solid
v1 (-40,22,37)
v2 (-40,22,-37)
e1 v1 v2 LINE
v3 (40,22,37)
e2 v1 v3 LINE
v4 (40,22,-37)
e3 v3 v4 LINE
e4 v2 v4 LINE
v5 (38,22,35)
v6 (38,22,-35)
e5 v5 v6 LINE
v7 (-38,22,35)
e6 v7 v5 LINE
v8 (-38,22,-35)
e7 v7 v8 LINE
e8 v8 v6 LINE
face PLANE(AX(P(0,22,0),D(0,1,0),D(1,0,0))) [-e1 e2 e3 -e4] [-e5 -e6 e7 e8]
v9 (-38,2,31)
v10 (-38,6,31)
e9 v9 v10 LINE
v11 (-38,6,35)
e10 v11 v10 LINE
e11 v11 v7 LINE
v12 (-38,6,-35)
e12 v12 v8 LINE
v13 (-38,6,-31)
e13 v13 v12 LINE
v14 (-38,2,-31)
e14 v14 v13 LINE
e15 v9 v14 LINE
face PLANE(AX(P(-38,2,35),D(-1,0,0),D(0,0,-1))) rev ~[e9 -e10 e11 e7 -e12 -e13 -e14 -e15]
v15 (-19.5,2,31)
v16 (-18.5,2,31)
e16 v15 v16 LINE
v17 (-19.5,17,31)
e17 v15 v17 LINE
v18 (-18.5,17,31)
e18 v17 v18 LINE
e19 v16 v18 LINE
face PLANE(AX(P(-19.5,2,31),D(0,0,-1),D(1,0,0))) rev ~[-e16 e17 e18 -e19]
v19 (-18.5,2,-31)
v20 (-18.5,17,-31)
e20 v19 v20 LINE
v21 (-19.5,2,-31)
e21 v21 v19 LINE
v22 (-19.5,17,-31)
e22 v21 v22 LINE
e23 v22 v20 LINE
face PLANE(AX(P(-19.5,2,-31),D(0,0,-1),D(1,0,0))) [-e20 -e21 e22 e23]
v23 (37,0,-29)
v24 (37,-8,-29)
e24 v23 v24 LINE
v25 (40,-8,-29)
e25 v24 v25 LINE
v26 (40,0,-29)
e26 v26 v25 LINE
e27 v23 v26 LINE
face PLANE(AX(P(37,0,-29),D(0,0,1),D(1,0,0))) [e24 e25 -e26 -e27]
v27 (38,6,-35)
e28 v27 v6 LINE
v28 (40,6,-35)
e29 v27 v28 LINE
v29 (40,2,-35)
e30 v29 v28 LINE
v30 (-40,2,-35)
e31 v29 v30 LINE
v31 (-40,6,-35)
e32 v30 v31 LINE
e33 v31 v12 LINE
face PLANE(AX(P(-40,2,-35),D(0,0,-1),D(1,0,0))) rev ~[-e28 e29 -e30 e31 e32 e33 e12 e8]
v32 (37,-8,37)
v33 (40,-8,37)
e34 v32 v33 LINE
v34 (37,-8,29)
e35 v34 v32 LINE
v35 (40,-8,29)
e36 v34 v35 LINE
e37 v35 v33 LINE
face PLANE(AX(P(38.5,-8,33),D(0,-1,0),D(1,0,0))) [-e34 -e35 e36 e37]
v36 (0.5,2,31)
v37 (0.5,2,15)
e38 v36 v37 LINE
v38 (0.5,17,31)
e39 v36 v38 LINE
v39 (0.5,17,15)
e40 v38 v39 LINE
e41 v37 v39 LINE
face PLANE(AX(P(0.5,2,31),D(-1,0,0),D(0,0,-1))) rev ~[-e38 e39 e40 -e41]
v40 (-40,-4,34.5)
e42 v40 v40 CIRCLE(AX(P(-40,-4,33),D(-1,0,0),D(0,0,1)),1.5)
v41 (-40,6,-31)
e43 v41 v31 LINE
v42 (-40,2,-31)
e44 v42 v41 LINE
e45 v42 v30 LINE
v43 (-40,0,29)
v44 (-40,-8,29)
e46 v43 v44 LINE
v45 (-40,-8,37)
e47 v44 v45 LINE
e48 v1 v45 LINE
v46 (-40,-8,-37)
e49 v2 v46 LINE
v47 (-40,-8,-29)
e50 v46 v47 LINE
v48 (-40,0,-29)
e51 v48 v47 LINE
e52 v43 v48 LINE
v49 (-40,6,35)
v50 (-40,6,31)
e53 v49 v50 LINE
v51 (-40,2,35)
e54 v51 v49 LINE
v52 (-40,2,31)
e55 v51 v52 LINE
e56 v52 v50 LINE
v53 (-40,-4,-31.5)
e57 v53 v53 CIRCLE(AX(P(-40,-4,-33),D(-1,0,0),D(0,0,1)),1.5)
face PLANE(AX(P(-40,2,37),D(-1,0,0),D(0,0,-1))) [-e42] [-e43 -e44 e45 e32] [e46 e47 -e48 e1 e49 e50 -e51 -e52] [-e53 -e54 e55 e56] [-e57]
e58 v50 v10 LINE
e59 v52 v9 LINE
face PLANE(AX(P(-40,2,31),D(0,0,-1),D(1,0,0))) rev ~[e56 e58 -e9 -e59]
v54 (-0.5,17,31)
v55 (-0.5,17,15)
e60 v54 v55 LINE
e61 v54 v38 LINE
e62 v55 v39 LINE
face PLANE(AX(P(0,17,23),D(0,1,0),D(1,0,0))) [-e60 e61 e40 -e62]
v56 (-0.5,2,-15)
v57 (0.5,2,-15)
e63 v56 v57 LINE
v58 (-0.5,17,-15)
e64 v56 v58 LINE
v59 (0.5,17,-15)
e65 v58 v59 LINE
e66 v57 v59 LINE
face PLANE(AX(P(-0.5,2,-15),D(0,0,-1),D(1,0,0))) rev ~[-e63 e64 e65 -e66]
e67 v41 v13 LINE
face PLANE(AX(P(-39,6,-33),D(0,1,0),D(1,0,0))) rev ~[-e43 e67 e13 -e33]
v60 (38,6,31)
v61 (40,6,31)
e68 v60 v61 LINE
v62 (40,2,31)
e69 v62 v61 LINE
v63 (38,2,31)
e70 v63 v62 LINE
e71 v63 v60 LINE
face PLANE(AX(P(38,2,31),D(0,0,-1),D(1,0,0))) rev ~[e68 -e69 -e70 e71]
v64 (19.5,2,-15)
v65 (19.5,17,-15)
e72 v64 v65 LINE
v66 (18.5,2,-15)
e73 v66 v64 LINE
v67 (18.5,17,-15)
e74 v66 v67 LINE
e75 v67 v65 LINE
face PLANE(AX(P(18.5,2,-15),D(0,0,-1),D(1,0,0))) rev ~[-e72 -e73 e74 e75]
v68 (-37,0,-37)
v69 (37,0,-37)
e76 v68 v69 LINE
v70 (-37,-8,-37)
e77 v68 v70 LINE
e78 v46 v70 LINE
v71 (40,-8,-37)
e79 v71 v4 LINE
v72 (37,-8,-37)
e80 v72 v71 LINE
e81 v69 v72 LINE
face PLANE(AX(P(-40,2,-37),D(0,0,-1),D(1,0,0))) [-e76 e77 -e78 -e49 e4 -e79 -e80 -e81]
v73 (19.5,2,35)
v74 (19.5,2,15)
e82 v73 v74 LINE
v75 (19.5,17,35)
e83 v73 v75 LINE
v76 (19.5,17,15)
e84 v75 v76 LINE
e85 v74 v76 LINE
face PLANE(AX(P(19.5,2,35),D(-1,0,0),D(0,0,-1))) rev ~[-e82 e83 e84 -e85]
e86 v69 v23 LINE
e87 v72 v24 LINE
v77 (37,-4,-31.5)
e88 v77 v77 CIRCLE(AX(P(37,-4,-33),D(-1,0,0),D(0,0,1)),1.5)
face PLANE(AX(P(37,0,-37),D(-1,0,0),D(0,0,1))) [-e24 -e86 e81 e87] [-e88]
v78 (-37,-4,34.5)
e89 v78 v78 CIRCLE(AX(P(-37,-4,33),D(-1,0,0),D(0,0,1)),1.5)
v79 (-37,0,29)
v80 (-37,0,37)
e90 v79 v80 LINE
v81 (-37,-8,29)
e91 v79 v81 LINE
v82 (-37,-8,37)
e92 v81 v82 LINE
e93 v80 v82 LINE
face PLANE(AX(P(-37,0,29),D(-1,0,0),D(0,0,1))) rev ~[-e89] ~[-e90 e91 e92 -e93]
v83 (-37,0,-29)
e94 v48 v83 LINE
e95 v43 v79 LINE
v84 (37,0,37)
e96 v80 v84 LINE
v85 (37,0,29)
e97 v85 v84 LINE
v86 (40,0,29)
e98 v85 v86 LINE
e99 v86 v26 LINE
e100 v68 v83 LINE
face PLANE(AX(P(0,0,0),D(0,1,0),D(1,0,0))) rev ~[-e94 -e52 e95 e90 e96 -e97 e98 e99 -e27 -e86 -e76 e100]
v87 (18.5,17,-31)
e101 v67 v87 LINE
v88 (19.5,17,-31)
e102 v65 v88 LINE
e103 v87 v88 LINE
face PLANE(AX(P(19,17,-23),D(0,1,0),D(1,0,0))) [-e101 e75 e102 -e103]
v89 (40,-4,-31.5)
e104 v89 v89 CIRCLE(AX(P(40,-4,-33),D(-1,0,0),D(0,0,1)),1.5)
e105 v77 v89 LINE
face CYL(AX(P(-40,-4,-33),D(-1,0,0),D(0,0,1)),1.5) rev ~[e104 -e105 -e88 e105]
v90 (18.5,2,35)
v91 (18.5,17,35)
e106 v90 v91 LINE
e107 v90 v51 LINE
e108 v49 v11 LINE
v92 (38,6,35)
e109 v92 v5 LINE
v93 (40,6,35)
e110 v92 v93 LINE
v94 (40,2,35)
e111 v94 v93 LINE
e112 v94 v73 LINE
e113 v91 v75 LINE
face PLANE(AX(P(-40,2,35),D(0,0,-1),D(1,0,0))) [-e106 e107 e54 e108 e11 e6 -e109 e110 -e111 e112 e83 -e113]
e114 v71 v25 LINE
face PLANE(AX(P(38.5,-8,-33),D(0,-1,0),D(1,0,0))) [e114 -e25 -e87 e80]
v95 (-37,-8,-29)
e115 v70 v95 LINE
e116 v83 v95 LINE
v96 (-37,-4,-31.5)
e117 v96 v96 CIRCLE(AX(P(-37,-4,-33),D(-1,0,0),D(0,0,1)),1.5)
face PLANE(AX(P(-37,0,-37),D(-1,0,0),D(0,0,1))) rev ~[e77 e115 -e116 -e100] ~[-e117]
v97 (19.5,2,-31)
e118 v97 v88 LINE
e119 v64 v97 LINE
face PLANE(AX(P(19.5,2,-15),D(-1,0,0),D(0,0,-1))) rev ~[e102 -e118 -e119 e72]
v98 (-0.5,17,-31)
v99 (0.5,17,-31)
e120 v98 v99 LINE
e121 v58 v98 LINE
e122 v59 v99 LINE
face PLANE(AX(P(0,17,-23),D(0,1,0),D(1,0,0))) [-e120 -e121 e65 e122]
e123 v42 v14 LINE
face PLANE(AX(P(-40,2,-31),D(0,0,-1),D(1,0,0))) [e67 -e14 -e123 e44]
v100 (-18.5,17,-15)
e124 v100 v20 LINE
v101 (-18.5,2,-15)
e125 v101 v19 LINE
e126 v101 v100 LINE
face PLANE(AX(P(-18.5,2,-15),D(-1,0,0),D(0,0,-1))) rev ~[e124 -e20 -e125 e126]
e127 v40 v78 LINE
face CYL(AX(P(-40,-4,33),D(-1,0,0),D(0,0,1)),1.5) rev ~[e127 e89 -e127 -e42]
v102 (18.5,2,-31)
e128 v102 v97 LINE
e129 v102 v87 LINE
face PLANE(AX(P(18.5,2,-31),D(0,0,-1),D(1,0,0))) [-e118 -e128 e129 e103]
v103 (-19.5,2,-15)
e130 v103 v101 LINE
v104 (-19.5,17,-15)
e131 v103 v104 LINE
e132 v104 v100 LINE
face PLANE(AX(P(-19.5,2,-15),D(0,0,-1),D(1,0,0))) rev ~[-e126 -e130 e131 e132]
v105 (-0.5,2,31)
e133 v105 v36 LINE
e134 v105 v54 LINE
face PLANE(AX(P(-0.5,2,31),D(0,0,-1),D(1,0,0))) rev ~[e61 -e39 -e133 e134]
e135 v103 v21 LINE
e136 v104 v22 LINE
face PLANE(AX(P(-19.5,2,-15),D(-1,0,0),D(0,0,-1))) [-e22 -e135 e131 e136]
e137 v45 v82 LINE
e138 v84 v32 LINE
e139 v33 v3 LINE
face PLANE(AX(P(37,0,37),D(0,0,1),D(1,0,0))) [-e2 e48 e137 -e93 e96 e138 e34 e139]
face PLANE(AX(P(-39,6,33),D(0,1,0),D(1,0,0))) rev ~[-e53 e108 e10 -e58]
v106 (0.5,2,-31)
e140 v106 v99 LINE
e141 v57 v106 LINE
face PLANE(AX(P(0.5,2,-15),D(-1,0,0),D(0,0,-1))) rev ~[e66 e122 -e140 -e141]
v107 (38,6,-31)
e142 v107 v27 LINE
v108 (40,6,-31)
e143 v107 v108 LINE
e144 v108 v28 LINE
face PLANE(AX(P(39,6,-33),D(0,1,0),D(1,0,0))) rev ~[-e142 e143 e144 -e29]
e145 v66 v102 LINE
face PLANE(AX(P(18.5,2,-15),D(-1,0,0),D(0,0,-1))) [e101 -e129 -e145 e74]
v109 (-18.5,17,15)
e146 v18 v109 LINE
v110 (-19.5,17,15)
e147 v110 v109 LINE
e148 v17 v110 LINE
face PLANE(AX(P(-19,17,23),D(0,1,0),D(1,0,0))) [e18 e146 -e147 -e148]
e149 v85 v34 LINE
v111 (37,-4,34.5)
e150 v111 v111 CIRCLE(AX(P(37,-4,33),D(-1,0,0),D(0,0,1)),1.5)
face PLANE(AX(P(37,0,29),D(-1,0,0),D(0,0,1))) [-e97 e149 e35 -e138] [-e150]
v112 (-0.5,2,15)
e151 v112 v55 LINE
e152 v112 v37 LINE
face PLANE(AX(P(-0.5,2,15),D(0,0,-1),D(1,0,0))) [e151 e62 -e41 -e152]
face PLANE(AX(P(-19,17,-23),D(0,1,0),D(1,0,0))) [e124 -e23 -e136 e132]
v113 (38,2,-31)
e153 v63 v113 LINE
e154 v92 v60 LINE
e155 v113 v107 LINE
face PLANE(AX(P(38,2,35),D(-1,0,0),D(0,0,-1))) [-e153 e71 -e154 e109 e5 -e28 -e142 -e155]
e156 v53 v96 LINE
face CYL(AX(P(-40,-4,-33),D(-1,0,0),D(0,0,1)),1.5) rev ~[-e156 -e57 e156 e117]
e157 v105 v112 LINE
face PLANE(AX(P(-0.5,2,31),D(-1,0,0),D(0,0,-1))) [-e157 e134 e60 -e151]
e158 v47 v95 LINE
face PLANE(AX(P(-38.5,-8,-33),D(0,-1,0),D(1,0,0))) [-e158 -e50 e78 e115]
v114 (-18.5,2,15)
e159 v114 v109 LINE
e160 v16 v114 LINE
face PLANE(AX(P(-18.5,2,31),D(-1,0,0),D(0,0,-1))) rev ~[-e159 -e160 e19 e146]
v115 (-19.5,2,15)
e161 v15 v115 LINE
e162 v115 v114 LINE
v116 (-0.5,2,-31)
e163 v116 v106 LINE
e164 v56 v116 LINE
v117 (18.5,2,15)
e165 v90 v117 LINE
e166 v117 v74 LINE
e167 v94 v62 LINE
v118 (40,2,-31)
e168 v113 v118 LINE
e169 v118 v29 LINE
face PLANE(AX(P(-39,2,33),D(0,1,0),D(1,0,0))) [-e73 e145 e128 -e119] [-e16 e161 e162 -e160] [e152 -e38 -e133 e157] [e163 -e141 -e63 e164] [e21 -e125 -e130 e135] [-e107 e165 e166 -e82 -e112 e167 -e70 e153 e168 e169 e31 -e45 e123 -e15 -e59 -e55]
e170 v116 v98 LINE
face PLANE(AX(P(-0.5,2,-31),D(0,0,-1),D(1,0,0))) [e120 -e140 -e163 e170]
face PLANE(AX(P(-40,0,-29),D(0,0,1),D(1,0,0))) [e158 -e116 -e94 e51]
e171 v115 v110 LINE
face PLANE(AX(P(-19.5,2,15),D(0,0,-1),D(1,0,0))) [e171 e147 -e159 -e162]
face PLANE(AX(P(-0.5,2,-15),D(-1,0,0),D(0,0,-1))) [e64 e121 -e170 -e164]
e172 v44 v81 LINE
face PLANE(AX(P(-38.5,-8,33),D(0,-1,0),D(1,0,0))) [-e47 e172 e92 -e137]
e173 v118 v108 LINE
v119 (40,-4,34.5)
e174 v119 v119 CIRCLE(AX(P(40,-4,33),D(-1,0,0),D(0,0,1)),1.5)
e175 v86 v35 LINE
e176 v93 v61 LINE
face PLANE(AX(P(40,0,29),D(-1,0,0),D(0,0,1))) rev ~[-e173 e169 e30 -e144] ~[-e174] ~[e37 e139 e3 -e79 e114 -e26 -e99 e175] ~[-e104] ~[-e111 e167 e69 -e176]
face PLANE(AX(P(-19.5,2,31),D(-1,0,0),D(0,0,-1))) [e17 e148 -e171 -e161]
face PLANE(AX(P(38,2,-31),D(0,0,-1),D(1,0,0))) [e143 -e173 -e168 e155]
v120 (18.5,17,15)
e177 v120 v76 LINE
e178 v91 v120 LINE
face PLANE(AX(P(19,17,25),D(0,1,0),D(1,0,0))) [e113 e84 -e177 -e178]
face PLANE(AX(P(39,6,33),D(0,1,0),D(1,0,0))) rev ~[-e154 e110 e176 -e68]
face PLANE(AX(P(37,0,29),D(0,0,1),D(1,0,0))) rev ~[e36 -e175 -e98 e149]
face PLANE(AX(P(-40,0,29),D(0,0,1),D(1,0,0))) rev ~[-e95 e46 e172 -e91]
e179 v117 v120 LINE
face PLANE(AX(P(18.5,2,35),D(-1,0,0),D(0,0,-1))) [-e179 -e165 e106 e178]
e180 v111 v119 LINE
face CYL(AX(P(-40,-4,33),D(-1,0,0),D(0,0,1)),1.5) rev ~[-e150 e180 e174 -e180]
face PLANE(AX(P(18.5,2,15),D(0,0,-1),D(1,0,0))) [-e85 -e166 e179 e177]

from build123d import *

# Parameters (mm, degrees)
SKETCH_1_W          = 80
SKETCH_1_H          = 74
EXTRUDE_1_DEPTH     = 2
SKETCH_2_W          = 80
SKETCH_2_H          = 74
SKETCH_2_W_2        = 76
SKETCH_2_H_2        = 70
EXTRUDE_2_DEPTH     = 20
SKETCH_3_W          = 2
SKETCH_3_H          = 4
CUT_EXTRUDE_3_DEPTH = 4
SKETCH_4_W          = 1
SKETCH_4_H          = 16
SKETCH_4_H_2        = 20
EXTRUDE_3_DEPTH     = 15
SKETCH_6_W          = 3
SKETCH_6_H          = 8
EXTRUDE_4_DEPTH     = 8
SKETCH_7_R          = 1.5
CUT_EXTRUDE_5_DEPTH = 91.846023578


with BuildPart() as part:
    # Эскиз1 → Бобышка-Вытянуть1 (new body)
    with BuildSketch(Plane(origin=(0, 0, 0), x_dir=(1, 0, 0), z_dir=(0, 1, 0))):
        Rectangle(SKETCH_1_W, SKETCH_1_H)
    extrude(amount=EXTRUDE_1_DEPTH)

    # Эскиз2 → Бобышка-Вытянуть2 (add)
    with BuildSketch(Plane(origin=(0, 2, 0), x_dir=(1, 0, 0), z_dir=(0, 1, 0))):
        Rectangle(SKETCH_2_W, SKETCH_2_H)
        Rectangle(SKETCH_2_W_2, SKETCH_2_H_2, mode=Mode.SUBTRACT)
    extrude(amount=EXTRUDE_2_DEPTH)

    # Эскиз3 → Вырез-Вытянуть3 (cut)
    with BuildSketch(Plane(origin=(0, 2, 0), x_dir=(1, 0, 0), z_dir=(0, 1, 0))):
        with Locations((-39, 33)):
            Rectangle(SKETCH_3_W, SKETCH_3_H)
        with Locations((39, 33)):
            Rectangle(SKETCH_3_W, SKETCH_3_H)
        with Locations((39, -33)):
            Rectangle(SKETCH_3_W, SKETCH_3_H)
        with Locations((-39, -33)):
            Rectangle(SKETCH_3_W, SKETCH_3_H)
    extrude(amount=CUT_EXTRUDE_3_DEPTH, mode=Mode.SUBTRACT)

    # Эскиз4 → Бобышка-Вытянуть3 (add)
    with BuildSketch(Plane(origin=(0, 2, 0), x_dir=(1, 0, 0), z_dir=(0, 1, 0))):
        with Locations((-19, 23)):
            Rectangle(SKETCH_4_W, SKETCH_4_H)
        with Locations((0, 23)):
            Rectangle(SKETCH_4_W, SKETCH_4_H)
        with Locations((19, 23)):
            Rectangle(SKETCH_4_W, SKETCH_4_H)
        with Locations((-19, -23)):
            Rectangle(SKETCH_4_W, SKETCH_4_H)
        with Locations((0, -23)):
            Rectangle(SKETCH_4_W, SKETCH_4_H)
        with Locations((19, -25)):
            Rectangle(SKETCH_4_W, SKETCH_4_H_2)
    extrude(amount=EXTRUDE_3_DEPTH)

    # Эскиз6 → Бобышка-Вытянуть4 (add)
    with BuildSketch(Plane.XZ):
        with Locations((38.5, 33)):
            Rectangle(SKETCH_6_W, SKETCH_6_H)
        with Locations((38.5, -33)):
            Rectangle(SKETCH_6_W, SKETCH_6_H)
        with Locations((-38.5, -33)):
            Rectangle(SKETCH_6_W, SKETCH_6_H)
        with Locations((-38.5, 33)):
            Rectangle(SKETCH_6_W, SKETCH_6_H)
    extrude(amount=EXTRUDE_4_DEPTH)

    # Эскиз7 → Вырез-Вытянуть5 (cut, through all)
    with BuildSketch(Plane.ZY.offset(40)):
        with Locations((33, -4)):
            Circle(SKETCH_7_R)
        with Locations((-33, -4)):
            Circle(SKETCH_7_R)
    extrude(amount=-CUT_EXTRUDE_5_DEPTH, mode=Mode.SUBTRACT)


solid = part.part
